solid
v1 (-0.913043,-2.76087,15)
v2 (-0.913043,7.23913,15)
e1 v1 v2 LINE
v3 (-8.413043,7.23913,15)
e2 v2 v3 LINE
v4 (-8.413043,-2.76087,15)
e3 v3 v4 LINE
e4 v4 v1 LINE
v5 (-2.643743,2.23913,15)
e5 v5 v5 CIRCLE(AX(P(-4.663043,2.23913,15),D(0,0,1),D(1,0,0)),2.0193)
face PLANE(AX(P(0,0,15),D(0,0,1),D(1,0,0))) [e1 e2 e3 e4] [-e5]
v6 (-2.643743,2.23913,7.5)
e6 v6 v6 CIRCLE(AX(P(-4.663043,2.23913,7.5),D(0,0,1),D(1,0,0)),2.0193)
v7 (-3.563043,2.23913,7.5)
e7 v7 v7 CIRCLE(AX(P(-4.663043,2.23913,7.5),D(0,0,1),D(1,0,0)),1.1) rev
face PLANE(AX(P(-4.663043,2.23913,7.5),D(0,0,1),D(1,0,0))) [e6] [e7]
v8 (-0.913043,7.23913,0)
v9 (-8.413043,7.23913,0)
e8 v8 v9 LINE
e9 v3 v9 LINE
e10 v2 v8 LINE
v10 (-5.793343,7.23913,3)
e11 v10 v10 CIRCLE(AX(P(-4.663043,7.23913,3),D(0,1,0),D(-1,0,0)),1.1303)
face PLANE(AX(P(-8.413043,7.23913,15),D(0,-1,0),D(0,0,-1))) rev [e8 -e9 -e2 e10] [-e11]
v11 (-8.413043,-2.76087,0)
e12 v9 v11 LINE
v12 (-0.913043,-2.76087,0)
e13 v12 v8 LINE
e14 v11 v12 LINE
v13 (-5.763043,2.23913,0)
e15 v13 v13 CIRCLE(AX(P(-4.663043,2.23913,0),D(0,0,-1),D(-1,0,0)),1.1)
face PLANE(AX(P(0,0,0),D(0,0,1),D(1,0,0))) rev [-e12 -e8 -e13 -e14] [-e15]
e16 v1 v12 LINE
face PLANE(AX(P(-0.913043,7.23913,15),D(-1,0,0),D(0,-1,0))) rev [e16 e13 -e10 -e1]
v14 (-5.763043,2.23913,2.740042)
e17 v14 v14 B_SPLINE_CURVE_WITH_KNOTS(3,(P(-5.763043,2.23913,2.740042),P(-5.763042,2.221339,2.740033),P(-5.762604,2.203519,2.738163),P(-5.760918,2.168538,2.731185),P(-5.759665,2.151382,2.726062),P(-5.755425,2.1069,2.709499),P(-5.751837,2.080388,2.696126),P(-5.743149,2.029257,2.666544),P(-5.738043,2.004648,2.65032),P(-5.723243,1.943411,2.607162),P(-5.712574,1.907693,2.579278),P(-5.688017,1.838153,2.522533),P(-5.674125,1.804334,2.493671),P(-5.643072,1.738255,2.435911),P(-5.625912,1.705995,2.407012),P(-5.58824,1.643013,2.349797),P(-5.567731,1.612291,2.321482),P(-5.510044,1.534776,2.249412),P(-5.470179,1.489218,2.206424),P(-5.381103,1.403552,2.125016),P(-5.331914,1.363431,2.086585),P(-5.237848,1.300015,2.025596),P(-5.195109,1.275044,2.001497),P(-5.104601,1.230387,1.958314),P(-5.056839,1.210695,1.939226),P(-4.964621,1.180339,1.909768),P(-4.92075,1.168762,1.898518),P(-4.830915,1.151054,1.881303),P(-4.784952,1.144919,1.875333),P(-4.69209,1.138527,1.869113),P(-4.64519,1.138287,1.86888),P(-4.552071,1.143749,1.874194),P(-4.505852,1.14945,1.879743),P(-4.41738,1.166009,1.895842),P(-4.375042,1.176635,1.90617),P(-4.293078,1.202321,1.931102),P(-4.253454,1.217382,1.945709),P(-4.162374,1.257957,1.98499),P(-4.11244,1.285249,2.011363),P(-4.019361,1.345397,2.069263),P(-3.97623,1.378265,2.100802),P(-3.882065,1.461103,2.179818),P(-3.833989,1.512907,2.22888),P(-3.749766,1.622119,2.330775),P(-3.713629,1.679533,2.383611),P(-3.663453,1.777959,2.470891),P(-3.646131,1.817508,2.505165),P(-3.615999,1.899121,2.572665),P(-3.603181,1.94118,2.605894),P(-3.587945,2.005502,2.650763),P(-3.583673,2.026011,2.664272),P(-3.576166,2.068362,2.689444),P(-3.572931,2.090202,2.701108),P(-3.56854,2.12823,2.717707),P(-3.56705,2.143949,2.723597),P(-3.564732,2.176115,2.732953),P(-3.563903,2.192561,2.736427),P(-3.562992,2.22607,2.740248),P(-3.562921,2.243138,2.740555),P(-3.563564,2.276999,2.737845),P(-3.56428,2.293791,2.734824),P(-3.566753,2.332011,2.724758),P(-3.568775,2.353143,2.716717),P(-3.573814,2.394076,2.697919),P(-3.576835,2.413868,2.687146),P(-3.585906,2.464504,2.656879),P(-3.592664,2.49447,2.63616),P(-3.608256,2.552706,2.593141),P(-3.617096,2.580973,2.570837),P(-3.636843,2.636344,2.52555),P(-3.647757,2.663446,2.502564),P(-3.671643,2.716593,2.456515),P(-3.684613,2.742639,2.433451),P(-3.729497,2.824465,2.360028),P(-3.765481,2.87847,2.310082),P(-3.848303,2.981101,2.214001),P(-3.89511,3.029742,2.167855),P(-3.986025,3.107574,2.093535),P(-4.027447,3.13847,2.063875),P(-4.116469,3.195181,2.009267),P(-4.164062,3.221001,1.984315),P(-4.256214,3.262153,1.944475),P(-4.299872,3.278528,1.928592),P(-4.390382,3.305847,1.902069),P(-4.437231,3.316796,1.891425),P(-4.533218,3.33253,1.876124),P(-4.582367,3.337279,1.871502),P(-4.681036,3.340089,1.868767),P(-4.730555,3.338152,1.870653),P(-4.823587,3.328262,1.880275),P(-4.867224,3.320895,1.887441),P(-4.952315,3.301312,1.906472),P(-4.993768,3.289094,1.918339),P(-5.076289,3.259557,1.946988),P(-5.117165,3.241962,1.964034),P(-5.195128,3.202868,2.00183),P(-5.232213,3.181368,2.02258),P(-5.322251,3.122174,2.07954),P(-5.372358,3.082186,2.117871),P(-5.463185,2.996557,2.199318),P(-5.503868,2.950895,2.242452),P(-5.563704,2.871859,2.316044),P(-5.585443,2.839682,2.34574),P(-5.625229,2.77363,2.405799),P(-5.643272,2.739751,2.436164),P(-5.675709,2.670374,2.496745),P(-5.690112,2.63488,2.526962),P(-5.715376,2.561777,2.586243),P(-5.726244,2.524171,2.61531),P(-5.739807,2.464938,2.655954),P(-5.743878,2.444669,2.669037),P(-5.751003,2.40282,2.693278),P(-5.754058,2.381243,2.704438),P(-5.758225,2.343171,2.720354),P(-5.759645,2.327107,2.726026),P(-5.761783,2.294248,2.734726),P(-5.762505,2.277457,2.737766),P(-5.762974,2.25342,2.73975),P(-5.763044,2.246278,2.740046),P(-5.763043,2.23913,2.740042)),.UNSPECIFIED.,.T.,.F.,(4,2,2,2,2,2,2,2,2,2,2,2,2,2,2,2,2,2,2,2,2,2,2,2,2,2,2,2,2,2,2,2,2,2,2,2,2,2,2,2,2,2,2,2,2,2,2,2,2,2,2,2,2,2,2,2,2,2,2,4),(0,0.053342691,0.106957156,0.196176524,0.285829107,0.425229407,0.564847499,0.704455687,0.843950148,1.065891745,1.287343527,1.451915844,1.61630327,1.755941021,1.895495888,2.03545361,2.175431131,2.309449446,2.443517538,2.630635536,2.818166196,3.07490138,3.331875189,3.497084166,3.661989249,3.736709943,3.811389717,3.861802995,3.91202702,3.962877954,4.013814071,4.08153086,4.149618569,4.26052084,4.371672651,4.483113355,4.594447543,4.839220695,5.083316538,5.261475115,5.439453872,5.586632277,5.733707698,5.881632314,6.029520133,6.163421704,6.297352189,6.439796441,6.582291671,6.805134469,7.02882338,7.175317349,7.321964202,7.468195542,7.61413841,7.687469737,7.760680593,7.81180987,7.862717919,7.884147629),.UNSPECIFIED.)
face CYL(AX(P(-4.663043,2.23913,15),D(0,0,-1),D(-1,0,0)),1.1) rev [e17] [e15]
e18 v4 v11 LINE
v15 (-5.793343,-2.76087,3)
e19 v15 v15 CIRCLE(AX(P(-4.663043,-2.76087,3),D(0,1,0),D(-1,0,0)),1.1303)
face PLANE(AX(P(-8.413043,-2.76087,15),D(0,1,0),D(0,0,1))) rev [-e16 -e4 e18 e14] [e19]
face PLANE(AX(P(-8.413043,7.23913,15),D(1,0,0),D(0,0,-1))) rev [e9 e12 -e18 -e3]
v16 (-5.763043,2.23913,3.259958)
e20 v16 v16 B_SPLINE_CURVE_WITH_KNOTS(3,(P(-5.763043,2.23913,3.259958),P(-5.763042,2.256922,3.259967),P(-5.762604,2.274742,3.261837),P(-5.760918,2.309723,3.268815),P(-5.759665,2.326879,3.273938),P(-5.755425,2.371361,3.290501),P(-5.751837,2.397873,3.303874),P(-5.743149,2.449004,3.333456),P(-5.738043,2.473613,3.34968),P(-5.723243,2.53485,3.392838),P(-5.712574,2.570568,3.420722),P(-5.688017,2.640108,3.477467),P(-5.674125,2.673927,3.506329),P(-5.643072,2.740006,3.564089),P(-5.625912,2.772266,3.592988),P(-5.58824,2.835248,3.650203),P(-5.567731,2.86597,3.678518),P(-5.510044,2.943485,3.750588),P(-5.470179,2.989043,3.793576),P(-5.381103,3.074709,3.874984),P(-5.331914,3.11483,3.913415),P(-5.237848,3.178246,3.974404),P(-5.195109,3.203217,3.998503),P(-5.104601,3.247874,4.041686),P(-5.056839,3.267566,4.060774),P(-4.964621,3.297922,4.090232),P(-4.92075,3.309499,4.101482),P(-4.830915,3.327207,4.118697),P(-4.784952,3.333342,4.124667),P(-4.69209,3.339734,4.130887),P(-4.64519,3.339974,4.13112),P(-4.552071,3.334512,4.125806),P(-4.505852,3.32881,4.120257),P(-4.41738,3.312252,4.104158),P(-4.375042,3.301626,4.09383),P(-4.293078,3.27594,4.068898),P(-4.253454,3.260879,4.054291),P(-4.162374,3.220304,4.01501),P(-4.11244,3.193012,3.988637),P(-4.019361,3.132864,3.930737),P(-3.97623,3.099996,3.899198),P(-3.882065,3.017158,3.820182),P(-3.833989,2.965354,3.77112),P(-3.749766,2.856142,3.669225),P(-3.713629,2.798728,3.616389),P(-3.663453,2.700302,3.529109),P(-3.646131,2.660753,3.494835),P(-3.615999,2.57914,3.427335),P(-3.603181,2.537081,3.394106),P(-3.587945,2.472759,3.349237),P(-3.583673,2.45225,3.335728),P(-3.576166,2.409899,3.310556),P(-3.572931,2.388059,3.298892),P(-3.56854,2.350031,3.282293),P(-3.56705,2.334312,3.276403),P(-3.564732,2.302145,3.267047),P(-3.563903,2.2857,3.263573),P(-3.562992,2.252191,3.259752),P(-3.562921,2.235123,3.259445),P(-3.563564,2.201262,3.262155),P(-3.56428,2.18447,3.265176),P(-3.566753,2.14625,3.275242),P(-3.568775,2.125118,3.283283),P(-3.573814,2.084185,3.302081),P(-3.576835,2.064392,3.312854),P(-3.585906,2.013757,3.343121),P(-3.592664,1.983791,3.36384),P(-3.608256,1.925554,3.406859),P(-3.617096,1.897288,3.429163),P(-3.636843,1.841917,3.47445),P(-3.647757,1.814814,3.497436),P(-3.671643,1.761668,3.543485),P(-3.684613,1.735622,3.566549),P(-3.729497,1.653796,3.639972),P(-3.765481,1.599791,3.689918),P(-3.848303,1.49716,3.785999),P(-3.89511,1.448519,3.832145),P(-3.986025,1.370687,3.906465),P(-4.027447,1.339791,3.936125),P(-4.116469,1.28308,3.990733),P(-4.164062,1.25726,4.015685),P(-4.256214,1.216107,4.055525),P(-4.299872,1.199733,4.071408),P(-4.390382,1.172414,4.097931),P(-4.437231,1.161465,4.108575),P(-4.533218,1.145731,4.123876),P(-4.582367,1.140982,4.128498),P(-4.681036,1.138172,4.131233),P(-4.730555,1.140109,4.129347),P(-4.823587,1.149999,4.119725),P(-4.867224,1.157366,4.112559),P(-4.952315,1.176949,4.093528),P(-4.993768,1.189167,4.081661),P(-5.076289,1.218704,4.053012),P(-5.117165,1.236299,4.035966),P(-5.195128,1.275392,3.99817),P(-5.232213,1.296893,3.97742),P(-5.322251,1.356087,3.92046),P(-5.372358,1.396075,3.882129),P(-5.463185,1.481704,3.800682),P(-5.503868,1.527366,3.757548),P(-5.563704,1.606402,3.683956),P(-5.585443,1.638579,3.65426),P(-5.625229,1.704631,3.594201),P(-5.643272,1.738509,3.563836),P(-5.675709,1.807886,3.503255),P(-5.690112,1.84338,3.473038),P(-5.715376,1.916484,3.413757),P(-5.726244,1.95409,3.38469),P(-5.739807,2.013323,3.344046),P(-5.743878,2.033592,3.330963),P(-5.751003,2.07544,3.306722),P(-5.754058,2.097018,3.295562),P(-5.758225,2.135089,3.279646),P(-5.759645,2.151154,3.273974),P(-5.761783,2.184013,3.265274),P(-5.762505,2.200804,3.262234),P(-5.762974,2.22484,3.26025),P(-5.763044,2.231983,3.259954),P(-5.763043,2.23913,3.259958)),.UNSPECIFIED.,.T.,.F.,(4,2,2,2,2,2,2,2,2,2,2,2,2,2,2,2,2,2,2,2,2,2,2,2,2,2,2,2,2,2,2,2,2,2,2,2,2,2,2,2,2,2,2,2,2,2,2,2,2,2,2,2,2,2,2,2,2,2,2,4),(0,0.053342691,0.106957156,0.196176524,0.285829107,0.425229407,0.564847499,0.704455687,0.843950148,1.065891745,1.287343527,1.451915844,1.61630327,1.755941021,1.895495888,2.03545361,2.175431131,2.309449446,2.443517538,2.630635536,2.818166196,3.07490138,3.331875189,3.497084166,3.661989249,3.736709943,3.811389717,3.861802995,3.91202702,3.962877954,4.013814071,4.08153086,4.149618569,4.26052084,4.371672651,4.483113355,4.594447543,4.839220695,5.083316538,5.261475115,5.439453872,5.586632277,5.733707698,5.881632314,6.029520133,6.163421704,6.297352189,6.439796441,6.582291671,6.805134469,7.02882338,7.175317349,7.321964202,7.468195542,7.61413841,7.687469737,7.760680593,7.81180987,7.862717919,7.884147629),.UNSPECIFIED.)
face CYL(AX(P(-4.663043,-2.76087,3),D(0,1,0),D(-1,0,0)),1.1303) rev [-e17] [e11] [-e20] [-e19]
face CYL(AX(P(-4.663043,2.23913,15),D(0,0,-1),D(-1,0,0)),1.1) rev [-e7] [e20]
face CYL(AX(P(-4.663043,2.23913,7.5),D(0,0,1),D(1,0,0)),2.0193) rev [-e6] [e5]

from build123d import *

# Parameters (mm, degrees)
SKETCH1_W                     = 7.5
SKETCH1_H                     = 10
BOSS_EXTRUDE1_DEPTH           = 15
HOLE_FOR_TUBING_R             = 1.1
CUT_EXTRUDE1_DEPTH            = 16
F_10_32_HOLE_FOR_LUER_SCREW_R = 2.0193
CUT_EXTRUDE2_DEPTH            = 7.5
F_4_40_SET_SCREW_HOLE_R       = 1.1303
CUT_EXTRUDE3_DEPTH            = 11


with BuildPart() as part:
    # Sketch1 → Boss-Extrude1 (new body)
    with BuildSketch(Plane.XY):
        with Locations((-4.663043478, 2.239130435)):
            Rectangle(SKETCH1_W, SKETCH1_H)
    extrude(amount=BOSS_EXTRUDE1_DEPTH)

    # hole for tubing → Cut-Extrude1 (cut, through all)
    with BuildSketch(Plane(origin=(0, 0, 0), x_dir=(-1, 0, 0), z_dir=(0, 0, -1))):
        with Locations((4.663043478, 2.239130435)):
            Circle(HOLE_FOR_TUBING_R)
    extrude(amount=-CUT_EXTRUDE1_DEPTH, mode=Mode.SUBTRACT)

    # 10-32 hole for luer screw → Cut-Extrude2 (cut)
    with BuildSketch(Plane.XY.offset(15)):
        with Locations((-4.663043478, 2.239130435)):
            Circle(F_10_32_HOLE_FOR_LUER_SCREW_R)
    extrude(amount=-CUT_EXTRUDE2_DEPTH, mode=Mode.SUBTRACT)

    # 4-40 set screw hole → Cut-Extrude3 (cut, through all)
    with BuildSketch(Plane(origin=(0, 7.239130435, 0), x_dir=(1, 0, 0), z_dir=(0, 1, 0))):
        with Locations((-4.663043478, -3)):
            Circle(F_4_40_SET_SCREW_HOLE_R)
    extrude(amount=-CUT_EXTRUDE3_DEPTH, mode=Mode.SUBTRACT)


solid = part.part
